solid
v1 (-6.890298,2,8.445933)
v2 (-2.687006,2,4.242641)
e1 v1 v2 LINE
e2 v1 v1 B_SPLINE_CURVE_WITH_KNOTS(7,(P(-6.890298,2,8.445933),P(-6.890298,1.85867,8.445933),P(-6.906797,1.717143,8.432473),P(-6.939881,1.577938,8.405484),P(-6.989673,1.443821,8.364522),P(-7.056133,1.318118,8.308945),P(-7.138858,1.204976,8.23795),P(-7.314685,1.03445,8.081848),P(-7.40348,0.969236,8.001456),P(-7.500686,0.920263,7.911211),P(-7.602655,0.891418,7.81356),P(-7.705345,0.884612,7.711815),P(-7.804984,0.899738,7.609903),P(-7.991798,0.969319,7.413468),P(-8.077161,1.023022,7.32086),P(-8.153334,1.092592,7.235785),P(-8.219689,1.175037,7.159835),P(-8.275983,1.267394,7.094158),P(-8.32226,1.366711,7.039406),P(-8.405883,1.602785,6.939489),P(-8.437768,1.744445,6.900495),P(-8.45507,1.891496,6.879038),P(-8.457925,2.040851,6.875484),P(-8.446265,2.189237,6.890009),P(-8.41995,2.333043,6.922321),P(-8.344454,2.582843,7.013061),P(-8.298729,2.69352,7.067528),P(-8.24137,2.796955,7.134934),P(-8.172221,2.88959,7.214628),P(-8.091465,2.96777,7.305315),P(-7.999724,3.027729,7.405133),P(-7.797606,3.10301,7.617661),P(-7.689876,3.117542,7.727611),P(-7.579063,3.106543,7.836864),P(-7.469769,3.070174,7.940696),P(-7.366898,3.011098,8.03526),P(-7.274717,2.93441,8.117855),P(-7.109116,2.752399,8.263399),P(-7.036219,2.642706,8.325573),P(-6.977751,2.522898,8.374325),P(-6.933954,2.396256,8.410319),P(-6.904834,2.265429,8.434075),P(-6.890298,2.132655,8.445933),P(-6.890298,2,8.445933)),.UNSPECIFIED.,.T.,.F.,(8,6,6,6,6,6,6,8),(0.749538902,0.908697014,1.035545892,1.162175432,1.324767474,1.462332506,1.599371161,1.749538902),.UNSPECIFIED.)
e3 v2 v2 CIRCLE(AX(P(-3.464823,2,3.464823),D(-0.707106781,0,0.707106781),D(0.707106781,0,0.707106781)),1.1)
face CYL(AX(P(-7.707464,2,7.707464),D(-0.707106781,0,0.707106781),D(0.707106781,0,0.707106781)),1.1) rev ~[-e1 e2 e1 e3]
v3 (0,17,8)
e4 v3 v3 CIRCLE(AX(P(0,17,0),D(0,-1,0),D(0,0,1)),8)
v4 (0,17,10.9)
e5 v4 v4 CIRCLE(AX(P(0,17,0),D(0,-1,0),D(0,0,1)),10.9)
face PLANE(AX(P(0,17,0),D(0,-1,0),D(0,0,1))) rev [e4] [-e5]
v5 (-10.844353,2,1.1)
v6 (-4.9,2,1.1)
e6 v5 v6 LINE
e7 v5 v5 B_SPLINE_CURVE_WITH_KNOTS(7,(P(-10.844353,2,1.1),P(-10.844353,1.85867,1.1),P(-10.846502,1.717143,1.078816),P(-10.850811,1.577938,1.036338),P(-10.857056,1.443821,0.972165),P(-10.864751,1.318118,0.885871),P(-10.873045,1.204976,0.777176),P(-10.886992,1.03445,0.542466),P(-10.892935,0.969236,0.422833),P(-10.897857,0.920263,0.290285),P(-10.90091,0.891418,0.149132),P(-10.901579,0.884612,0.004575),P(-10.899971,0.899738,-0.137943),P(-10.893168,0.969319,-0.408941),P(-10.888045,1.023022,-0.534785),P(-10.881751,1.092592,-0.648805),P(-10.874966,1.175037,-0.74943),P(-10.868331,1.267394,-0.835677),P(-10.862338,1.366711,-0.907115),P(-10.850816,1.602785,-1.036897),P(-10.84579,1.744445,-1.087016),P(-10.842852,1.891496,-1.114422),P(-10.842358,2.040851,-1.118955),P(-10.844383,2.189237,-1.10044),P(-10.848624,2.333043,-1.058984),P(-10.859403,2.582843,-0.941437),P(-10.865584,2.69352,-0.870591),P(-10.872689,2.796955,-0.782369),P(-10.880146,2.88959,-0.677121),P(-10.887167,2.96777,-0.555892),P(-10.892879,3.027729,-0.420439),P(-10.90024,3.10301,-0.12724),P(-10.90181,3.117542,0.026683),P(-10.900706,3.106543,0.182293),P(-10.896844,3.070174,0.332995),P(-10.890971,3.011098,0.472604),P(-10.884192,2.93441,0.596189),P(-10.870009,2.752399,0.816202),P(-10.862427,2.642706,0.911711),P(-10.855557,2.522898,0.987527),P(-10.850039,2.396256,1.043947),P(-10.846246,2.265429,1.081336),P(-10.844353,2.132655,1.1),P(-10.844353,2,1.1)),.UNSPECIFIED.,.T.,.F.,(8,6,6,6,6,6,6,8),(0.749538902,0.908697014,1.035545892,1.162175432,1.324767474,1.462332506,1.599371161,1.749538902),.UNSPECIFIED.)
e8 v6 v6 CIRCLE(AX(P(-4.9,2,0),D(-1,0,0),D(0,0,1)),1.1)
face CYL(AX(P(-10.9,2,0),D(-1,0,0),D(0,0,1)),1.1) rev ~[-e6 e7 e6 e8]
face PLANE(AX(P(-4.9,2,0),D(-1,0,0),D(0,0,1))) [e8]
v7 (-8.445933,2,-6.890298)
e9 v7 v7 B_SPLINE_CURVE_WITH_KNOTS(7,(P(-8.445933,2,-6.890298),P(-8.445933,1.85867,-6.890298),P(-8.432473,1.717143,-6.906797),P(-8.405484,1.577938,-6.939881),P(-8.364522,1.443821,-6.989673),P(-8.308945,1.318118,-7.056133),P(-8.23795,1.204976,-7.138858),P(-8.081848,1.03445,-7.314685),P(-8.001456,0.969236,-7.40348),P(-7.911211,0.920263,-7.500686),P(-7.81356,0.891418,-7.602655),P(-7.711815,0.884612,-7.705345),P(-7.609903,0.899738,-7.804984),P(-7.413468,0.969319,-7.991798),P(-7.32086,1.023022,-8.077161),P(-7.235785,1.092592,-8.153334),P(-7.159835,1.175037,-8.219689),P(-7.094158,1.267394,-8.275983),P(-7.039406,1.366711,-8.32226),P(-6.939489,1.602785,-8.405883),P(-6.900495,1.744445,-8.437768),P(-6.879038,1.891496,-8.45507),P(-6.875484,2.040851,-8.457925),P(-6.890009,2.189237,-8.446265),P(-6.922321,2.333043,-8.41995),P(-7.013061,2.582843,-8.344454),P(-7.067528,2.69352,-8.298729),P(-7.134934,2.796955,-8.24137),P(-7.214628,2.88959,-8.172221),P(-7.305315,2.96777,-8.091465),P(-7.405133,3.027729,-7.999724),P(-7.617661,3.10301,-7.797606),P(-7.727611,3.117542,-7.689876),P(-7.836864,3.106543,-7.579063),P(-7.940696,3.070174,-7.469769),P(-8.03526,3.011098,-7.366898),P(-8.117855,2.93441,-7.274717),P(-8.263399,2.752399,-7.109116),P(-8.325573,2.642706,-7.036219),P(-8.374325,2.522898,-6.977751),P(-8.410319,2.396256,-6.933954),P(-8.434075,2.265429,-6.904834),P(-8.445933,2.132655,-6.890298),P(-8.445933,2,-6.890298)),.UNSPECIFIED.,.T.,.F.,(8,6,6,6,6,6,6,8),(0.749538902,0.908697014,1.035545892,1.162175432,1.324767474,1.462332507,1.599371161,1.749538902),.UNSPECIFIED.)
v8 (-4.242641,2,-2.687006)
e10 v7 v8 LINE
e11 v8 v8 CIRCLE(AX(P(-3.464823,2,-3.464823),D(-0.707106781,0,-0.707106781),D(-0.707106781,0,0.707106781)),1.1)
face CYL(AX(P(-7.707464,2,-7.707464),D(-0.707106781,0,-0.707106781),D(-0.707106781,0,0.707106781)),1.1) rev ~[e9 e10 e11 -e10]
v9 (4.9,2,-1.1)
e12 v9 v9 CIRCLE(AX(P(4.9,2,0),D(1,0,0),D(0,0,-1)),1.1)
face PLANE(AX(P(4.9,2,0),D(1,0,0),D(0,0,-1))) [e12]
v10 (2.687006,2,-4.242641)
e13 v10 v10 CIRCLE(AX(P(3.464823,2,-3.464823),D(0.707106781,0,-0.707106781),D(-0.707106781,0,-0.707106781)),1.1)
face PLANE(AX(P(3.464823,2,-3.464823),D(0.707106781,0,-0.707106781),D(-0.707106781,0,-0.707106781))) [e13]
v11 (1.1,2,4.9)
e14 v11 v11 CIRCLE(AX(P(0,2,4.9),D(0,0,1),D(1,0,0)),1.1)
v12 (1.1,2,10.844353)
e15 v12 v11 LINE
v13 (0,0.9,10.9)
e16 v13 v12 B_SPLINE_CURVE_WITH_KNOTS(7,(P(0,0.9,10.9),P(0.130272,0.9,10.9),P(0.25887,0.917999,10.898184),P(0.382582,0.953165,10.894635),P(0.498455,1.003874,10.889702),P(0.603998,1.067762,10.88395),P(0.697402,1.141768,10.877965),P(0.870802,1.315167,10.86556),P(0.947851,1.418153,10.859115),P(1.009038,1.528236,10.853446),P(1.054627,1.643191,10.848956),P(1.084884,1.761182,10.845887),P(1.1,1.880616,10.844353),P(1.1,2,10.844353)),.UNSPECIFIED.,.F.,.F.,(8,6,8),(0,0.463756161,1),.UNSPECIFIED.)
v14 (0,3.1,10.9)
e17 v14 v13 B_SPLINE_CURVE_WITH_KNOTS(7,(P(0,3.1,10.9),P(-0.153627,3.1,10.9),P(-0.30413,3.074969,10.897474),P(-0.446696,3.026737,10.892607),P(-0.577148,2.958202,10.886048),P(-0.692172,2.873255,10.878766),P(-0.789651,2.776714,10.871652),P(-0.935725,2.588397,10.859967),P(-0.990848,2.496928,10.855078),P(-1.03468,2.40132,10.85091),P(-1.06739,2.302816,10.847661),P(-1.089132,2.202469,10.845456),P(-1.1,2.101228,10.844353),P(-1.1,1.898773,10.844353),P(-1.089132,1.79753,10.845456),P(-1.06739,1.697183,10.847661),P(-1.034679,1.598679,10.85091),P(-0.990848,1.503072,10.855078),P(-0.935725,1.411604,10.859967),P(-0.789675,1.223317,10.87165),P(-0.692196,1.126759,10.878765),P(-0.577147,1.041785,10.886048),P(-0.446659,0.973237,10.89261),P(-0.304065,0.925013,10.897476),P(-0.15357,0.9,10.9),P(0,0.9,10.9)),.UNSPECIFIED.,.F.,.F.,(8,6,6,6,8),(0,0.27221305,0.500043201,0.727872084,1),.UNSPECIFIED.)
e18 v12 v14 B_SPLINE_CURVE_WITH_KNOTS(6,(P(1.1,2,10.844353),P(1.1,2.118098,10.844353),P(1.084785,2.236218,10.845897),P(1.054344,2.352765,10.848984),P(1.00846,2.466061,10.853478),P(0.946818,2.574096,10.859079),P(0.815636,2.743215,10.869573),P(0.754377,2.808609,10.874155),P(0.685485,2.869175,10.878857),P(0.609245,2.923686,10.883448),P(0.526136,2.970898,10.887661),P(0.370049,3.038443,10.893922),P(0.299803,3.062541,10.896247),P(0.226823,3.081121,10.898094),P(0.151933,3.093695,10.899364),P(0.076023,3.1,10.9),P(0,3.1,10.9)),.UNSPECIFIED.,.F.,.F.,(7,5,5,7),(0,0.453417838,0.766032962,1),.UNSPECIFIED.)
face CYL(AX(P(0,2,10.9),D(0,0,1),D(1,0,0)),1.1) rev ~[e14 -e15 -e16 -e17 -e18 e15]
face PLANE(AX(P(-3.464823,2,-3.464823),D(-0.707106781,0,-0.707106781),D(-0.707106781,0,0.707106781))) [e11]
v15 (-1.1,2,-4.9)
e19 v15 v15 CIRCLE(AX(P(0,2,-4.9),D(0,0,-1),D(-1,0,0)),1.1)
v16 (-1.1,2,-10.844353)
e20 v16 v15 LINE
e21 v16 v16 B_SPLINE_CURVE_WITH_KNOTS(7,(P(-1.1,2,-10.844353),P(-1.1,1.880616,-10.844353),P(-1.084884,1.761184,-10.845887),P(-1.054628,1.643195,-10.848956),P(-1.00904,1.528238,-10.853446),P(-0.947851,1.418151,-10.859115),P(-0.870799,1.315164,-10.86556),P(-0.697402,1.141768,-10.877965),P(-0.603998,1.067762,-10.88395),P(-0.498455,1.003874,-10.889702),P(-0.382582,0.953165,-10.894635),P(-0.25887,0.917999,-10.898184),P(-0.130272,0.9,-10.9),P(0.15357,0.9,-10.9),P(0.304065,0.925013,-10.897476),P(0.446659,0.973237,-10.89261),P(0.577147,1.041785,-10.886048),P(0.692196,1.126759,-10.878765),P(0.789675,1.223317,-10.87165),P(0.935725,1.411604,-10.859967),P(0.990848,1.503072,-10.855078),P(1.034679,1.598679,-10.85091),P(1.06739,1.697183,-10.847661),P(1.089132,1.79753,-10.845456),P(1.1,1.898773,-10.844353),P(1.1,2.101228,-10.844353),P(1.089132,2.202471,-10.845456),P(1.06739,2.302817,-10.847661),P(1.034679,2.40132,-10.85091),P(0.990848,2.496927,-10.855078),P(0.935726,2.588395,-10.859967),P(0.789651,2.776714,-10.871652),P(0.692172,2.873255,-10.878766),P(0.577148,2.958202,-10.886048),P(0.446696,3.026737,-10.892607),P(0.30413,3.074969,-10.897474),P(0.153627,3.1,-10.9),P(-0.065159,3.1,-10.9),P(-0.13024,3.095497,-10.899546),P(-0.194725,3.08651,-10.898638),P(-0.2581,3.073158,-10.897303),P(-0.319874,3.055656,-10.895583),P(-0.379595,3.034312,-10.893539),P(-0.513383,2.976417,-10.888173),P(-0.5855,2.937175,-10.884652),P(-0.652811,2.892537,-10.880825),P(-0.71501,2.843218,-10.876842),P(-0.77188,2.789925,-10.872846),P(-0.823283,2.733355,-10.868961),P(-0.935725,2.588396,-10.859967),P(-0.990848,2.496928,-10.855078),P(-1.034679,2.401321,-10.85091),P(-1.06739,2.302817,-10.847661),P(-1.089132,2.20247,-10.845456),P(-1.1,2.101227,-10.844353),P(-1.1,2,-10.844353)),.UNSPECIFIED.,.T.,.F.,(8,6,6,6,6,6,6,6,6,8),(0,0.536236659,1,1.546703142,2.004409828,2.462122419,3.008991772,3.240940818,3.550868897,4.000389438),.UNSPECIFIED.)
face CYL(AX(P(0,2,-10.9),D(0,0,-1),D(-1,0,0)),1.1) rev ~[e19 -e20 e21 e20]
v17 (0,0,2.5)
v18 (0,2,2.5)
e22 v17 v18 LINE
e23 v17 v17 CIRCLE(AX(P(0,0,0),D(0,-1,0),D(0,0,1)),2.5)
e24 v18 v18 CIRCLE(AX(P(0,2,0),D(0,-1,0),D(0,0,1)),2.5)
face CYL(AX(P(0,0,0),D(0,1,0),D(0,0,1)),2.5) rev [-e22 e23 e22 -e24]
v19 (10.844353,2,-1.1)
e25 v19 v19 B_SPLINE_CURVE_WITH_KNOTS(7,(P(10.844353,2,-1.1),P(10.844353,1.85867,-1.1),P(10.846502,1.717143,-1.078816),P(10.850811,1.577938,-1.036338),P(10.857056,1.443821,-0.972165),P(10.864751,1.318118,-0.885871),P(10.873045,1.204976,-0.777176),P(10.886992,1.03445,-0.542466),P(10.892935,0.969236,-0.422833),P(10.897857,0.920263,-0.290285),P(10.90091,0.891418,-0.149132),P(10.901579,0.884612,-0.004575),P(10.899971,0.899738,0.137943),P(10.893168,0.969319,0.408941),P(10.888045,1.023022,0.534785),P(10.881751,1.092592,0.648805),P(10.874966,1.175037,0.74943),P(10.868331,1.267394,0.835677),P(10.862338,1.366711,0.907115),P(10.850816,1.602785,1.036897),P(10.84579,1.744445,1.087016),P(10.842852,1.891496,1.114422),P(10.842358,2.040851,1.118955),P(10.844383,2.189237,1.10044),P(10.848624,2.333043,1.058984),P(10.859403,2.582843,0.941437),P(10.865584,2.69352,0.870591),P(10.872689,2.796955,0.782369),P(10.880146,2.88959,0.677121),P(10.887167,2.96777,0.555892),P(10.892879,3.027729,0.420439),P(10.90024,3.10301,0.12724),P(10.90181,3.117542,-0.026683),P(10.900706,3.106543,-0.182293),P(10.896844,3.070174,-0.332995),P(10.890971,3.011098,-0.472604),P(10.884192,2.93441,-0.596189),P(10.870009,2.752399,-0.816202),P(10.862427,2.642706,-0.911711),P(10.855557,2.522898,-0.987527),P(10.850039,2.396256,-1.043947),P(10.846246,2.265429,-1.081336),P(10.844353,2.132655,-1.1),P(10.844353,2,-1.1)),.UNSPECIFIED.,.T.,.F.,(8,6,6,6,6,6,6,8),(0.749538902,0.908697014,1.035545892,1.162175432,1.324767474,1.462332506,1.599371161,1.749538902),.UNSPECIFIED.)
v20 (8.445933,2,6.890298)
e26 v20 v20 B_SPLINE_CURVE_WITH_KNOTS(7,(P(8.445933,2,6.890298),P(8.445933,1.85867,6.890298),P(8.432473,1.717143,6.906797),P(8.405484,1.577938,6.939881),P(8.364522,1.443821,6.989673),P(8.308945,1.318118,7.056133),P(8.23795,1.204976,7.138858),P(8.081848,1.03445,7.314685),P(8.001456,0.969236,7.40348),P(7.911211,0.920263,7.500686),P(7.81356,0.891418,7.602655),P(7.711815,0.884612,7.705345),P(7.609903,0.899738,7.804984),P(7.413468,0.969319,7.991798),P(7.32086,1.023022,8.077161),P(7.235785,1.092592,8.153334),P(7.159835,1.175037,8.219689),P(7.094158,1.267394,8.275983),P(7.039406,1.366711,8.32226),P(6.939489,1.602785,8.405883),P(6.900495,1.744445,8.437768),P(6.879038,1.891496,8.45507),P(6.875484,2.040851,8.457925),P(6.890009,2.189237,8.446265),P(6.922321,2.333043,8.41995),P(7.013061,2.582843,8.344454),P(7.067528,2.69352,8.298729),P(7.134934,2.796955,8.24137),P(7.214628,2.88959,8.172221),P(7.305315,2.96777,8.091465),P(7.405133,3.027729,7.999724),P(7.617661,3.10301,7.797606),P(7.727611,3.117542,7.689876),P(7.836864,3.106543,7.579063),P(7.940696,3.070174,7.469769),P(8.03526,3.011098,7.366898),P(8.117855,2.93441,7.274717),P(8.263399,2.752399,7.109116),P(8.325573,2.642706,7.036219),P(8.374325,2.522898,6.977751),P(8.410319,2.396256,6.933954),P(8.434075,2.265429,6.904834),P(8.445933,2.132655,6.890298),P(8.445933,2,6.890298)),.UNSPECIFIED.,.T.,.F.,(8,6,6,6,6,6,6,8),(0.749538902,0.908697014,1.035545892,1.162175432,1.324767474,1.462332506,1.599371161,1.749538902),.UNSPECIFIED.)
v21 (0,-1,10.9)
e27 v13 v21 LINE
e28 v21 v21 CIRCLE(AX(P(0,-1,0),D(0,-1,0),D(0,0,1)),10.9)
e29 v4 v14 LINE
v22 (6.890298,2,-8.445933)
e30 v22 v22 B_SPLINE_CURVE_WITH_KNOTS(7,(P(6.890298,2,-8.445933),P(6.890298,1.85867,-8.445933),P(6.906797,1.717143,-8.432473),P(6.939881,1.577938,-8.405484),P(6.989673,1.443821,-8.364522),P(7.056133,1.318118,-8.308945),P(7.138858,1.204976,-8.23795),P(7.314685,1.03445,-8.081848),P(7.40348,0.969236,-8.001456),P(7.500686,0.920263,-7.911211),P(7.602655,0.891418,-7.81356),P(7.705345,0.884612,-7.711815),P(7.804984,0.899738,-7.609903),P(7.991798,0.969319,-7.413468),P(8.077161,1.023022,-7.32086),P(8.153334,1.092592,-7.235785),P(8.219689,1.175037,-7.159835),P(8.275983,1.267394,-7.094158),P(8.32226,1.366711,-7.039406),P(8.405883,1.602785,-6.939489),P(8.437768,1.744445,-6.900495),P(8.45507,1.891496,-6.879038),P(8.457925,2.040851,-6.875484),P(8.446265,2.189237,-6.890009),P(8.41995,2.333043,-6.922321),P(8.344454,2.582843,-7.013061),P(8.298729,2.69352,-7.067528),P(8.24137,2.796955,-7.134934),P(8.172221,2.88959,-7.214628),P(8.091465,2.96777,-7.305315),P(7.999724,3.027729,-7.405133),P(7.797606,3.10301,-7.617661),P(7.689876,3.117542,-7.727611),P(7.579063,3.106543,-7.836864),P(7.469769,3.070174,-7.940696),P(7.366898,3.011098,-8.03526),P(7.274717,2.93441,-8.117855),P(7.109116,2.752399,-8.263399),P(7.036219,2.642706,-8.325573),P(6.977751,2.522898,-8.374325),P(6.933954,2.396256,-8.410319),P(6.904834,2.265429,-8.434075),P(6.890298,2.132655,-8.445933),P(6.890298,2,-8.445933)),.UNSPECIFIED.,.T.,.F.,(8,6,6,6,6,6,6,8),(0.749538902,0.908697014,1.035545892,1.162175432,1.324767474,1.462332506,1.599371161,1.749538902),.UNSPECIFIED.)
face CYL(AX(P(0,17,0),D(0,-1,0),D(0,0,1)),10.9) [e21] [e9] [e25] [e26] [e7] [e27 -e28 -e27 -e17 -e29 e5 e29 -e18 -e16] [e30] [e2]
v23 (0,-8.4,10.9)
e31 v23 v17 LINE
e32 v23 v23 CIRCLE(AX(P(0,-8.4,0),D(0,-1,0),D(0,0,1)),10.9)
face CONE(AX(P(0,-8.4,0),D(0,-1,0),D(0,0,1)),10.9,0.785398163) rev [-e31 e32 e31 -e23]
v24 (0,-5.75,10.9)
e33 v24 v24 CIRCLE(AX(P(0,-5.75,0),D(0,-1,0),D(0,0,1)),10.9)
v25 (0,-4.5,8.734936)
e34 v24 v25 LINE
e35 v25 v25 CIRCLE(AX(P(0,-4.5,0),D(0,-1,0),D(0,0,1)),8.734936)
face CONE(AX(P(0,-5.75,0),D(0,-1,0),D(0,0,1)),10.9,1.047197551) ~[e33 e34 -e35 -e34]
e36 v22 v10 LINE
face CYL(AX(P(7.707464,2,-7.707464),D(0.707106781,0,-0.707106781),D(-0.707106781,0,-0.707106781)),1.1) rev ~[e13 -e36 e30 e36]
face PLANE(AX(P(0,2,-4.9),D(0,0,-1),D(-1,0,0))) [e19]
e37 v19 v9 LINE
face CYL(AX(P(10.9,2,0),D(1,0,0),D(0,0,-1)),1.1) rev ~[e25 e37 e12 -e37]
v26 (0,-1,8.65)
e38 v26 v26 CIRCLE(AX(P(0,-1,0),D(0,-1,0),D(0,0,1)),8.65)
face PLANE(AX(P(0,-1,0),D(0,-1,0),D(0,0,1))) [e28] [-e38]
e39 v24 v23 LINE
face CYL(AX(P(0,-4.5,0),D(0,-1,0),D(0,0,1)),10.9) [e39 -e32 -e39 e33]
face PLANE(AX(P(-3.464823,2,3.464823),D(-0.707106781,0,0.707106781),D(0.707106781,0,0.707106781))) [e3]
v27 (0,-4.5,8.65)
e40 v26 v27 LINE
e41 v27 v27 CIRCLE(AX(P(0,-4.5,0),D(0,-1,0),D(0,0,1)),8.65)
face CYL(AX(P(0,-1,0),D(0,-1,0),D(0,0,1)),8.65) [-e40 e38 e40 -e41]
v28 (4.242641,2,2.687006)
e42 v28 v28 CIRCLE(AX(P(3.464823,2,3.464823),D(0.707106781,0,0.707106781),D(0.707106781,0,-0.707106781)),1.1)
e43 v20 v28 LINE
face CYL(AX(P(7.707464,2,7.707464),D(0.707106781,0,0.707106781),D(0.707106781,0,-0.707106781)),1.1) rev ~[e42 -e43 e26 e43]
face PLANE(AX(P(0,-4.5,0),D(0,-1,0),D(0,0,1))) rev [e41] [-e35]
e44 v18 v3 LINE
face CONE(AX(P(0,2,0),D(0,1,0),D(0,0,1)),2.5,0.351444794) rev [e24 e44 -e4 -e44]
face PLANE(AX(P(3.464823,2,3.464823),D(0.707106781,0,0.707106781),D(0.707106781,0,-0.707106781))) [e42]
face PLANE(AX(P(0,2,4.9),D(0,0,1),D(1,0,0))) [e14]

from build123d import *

# Parameters (mm, degrees)
SKETCH3_R          = 1.1
CUT_EXTRUDE1_DEPTH = 6
CIRPATTERN1_COUNT  = 8
CHAMFER2_SIZE      = 1.25
CHAMFER2_SIZE2     = 2.165063509


with BuildPart() as part:
    # Sketch2 → Revolve1 (revolve)
    with BuildSketch(Plane.XY):
        Polygon((-2.5, 0), (-2.5, 2), (-8, 17), (-10.9, 17), (-10.9, 2), (-10.9, -1), (-8.65, -1), (-8.65, -4.5), (-10.9, -4.5), (-10.9, -8.4), align=None)
    revolve(axis=Axis((0, 19.141519074, 0), (0, -1, 0)))

    # Sketch3 → Cut-Extrude1 (cut)
    with BuildSketch(Plane.ZY.offset(10.9)):
        with Locations((0, 2)):
            Circle(SKETCH3_R)
    cut_extrude1 = extrude(amount=-CUT_EXTRUDE1_DEPTH, mode=Mode.SUBTRACT)

    # CirPattern1: Cut-Extrude1 ×8 about axis
    cirpattern1_axis = Axis((0, 0, 0), (0, 1, 0))
    for i in range(1, CIRPATTERN1_COUNT):
        add(cut_extrude1.rotate(cirpattern1_axis, i * 360 / CIRPATTERN1_COUNT), mode=Mode.SUBTRACT)

    # Chamfer2
    chamfer2_edges = [part.edges().sort_by_distance(p)[0] for p in [
        (10.9, -4.5, 0),
    ]]
    chamfer2_side = [part.faces().sort_by_distance(p)[0] for p in [
        (10.9, -6.45, 0),
    ]]
    chamfer(chamfer2_edges, length=CHAMFER2_SIZE, length2=CHAMFER2_SIZE2, reference=chamfer2_side[0])


solid = part.part
